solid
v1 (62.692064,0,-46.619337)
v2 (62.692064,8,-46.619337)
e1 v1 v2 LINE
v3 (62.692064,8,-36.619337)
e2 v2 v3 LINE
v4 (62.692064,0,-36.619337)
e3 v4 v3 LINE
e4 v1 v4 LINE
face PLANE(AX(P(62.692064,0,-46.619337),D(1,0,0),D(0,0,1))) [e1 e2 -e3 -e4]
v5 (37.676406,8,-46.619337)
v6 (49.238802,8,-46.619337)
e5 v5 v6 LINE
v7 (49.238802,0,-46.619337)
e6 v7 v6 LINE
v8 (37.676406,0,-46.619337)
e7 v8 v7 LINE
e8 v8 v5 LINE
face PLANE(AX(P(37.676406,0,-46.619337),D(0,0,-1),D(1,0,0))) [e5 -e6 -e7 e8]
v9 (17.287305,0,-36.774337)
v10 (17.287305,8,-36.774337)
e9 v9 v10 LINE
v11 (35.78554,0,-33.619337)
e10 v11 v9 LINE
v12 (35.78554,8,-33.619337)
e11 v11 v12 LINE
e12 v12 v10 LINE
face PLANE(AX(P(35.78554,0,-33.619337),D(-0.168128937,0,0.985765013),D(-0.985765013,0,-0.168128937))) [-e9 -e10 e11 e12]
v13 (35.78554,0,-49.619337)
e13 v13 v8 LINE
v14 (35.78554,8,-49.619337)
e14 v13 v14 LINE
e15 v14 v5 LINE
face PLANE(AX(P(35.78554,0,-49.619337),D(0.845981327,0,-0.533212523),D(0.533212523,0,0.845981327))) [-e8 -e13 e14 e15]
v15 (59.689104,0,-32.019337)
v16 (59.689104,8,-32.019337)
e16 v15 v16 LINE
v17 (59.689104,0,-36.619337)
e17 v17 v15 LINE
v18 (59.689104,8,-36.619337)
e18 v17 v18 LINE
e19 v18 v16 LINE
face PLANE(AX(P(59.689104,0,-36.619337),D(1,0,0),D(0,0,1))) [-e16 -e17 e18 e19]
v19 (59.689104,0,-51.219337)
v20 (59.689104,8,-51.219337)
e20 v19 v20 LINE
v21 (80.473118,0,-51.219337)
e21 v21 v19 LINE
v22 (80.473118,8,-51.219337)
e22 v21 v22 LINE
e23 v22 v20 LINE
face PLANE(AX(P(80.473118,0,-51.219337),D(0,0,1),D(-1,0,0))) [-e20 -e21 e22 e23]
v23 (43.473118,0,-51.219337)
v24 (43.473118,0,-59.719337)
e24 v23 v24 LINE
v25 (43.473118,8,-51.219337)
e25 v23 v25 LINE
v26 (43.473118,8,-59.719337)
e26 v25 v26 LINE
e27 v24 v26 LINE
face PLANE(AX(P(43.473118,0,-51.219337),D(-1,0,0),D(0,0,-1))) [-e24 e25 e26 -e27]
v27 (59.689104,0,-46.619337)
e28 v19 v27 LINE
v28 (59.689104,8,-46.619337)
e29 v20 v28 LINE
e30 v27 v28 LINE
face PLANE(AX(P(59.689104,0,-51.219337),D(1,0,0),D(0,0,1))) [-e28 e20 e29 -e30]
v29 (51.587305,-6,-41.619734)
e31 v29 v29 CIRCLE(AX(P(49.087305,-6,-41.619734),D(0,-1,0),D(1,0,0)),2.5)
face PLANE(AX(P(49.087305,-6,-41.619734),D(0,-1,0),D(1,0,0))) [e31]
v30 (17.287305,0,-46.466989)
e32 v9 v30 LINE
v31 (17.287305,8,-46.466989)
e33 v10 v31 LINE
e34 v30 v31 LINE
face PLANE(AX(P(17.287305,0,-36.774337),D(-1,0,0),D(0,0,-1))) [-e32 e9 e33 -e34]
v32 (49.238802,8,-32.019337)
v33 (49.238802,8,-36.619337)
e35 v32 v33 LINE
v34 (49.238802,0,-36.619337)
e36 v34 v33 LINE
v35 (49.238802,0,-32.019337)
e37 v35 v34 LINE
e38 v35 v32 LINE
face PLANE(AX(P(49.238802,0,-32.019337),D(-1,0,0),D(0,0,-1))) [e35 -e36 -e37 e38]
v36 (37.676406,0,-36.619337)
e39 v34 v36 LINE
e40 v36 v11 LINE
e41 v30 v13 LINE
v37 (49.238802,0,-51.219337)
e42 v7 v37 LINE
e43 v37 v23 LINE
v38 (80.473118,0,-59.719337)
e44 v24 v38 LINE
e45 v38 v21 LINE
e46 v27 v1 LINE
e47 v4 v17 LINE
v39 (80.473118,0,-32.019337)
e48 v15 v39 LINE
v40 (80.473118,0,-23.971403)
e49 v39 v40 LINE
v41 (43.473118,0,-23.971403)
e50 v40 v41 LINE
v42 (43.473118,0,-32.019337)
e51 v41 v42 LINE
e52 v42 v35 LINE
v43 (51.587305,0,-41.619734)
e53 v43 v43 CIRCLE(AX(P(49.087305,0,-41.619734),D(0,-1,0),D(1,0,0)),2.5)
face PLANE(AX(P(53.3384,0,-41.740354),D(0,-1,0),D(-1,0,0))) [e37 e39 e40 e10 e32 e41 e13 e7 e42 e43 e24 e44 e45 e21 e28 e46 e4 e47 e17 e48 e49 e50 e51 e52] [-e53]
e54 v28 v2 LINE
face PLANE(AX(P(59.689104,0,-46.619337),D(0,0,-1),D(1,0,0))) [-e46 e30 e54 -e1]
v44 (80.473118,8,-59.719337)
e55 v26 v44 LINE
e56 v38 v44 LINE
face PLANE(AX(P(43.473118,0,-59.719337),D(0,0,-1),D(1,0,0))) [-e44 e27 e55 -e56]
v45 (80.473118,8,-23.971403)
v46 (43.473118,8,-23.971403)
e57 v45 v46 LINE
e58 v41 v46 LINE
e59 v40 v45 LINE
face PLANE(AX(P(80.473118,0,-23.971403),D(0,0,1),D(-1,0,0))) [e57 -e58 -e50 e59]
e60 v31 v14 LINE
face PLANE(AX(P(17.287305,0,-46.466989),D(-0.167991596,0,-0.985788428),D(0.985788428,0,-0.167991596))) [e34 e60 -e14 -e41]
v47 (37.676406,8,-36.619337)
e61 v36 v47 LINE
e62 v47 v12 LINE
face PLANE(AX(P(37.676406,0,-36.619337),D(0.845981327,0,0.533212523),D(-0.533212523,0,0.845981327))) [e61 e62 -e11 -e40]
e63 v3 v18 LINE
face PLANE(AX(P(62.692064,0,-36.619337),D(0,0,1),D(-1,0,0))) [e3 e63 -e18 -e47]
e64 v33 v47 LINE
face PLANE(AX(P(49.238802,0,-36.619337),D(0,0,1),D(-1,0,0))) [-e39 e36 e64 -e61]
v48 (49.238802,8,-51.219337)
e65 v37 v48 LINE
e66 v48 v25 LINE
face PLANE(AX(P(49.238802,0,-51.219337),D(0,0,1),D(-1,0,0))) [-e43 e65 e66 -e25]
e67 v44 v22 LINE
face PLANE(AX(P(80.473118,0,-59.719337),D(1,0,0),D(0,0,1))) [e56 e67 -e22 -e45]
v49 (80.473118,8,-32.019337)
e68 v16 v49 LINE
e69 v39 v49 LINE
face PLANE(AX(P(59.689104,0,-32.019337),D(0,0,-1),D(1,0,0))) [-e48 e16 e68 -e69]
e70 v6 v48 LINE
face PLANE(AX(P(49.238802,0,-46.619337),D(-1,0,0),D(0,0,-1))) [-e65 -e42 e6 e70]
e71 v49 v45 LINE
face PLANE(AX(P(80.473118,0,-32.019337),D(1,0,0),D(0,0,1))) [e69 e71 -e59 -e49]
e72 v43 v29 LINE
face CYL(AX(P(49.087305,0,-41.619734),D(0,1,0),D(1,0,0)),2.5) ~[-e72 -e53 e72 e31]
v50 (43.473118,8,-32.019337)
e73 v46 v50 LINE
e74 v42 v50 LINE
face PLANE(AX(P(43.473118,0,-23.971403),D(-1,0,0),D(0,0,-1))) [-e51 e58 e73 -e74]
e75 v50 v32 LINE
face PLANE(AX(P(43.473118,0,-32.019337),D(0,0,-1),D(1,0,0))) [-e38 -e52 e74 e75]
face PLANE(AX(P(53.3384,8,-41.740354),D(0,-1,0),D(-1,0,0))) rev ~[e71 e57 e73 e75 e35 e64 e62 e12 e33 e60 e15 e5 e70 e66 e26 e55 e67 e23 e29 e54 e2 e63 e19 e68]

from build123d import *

# Parameters (mm, degrees)
BOSS_EXTRUDE1_DEPTH = 8
SKETCH2_R           = 2.5
BOSS_EXTRUDE2_DEPTH = 6


with BuildPart() as part:
    # Sketch1 → Boss-Extrude1 (new body)
    with BuildSketch(Plane(origin=(0, 0, 0), x_dir=(1, 0, 0), z_dir=(0, 1, 0))):
        Polygon((35.785540038, 49.619336569), (37.676406325, 46.619336569), (49.238802, 46.619336569), (49.238802, 51.219336569), (43.473118302, 51.219336569), (43.473118302, 59.719336569), (80.473118302, 59.719336569), (80.473118302, 51.219336569), (59.689103703, 51.219336569), (59.689103703, 46.619336569), (62.692063962, 46.619336569), (62.692063962, 36.619336569), (59.689103703, 36.619336569), (59.689103703, 32.019336569), (80.473118302, 32.019336569), (80.473118302, 23.971403073), (43.473118302, 23.971403073), (43.473118302, 32.019336569), (49.238802, 32.019336569), (49.238802, 36.619336569), (37.676406325, 36.619336569), (35.785540038, 33.619336569), (17.28730484, 36.774336569), (17.28730484, 46.466988702), align=None)
    extrude(amount=BOSS_EXTRUDE1_DEPTH)

    # Sketch2 → Boss-Extrude2 (add)
    with BuildSketch(Plane.XZ):
        with Locations((49.08730484, -41.619733902)):
            Circle(SKETCH2_R)
    extrude(amount=BOSS_EXTRUDE2_DEPTH)


solid = part.part
